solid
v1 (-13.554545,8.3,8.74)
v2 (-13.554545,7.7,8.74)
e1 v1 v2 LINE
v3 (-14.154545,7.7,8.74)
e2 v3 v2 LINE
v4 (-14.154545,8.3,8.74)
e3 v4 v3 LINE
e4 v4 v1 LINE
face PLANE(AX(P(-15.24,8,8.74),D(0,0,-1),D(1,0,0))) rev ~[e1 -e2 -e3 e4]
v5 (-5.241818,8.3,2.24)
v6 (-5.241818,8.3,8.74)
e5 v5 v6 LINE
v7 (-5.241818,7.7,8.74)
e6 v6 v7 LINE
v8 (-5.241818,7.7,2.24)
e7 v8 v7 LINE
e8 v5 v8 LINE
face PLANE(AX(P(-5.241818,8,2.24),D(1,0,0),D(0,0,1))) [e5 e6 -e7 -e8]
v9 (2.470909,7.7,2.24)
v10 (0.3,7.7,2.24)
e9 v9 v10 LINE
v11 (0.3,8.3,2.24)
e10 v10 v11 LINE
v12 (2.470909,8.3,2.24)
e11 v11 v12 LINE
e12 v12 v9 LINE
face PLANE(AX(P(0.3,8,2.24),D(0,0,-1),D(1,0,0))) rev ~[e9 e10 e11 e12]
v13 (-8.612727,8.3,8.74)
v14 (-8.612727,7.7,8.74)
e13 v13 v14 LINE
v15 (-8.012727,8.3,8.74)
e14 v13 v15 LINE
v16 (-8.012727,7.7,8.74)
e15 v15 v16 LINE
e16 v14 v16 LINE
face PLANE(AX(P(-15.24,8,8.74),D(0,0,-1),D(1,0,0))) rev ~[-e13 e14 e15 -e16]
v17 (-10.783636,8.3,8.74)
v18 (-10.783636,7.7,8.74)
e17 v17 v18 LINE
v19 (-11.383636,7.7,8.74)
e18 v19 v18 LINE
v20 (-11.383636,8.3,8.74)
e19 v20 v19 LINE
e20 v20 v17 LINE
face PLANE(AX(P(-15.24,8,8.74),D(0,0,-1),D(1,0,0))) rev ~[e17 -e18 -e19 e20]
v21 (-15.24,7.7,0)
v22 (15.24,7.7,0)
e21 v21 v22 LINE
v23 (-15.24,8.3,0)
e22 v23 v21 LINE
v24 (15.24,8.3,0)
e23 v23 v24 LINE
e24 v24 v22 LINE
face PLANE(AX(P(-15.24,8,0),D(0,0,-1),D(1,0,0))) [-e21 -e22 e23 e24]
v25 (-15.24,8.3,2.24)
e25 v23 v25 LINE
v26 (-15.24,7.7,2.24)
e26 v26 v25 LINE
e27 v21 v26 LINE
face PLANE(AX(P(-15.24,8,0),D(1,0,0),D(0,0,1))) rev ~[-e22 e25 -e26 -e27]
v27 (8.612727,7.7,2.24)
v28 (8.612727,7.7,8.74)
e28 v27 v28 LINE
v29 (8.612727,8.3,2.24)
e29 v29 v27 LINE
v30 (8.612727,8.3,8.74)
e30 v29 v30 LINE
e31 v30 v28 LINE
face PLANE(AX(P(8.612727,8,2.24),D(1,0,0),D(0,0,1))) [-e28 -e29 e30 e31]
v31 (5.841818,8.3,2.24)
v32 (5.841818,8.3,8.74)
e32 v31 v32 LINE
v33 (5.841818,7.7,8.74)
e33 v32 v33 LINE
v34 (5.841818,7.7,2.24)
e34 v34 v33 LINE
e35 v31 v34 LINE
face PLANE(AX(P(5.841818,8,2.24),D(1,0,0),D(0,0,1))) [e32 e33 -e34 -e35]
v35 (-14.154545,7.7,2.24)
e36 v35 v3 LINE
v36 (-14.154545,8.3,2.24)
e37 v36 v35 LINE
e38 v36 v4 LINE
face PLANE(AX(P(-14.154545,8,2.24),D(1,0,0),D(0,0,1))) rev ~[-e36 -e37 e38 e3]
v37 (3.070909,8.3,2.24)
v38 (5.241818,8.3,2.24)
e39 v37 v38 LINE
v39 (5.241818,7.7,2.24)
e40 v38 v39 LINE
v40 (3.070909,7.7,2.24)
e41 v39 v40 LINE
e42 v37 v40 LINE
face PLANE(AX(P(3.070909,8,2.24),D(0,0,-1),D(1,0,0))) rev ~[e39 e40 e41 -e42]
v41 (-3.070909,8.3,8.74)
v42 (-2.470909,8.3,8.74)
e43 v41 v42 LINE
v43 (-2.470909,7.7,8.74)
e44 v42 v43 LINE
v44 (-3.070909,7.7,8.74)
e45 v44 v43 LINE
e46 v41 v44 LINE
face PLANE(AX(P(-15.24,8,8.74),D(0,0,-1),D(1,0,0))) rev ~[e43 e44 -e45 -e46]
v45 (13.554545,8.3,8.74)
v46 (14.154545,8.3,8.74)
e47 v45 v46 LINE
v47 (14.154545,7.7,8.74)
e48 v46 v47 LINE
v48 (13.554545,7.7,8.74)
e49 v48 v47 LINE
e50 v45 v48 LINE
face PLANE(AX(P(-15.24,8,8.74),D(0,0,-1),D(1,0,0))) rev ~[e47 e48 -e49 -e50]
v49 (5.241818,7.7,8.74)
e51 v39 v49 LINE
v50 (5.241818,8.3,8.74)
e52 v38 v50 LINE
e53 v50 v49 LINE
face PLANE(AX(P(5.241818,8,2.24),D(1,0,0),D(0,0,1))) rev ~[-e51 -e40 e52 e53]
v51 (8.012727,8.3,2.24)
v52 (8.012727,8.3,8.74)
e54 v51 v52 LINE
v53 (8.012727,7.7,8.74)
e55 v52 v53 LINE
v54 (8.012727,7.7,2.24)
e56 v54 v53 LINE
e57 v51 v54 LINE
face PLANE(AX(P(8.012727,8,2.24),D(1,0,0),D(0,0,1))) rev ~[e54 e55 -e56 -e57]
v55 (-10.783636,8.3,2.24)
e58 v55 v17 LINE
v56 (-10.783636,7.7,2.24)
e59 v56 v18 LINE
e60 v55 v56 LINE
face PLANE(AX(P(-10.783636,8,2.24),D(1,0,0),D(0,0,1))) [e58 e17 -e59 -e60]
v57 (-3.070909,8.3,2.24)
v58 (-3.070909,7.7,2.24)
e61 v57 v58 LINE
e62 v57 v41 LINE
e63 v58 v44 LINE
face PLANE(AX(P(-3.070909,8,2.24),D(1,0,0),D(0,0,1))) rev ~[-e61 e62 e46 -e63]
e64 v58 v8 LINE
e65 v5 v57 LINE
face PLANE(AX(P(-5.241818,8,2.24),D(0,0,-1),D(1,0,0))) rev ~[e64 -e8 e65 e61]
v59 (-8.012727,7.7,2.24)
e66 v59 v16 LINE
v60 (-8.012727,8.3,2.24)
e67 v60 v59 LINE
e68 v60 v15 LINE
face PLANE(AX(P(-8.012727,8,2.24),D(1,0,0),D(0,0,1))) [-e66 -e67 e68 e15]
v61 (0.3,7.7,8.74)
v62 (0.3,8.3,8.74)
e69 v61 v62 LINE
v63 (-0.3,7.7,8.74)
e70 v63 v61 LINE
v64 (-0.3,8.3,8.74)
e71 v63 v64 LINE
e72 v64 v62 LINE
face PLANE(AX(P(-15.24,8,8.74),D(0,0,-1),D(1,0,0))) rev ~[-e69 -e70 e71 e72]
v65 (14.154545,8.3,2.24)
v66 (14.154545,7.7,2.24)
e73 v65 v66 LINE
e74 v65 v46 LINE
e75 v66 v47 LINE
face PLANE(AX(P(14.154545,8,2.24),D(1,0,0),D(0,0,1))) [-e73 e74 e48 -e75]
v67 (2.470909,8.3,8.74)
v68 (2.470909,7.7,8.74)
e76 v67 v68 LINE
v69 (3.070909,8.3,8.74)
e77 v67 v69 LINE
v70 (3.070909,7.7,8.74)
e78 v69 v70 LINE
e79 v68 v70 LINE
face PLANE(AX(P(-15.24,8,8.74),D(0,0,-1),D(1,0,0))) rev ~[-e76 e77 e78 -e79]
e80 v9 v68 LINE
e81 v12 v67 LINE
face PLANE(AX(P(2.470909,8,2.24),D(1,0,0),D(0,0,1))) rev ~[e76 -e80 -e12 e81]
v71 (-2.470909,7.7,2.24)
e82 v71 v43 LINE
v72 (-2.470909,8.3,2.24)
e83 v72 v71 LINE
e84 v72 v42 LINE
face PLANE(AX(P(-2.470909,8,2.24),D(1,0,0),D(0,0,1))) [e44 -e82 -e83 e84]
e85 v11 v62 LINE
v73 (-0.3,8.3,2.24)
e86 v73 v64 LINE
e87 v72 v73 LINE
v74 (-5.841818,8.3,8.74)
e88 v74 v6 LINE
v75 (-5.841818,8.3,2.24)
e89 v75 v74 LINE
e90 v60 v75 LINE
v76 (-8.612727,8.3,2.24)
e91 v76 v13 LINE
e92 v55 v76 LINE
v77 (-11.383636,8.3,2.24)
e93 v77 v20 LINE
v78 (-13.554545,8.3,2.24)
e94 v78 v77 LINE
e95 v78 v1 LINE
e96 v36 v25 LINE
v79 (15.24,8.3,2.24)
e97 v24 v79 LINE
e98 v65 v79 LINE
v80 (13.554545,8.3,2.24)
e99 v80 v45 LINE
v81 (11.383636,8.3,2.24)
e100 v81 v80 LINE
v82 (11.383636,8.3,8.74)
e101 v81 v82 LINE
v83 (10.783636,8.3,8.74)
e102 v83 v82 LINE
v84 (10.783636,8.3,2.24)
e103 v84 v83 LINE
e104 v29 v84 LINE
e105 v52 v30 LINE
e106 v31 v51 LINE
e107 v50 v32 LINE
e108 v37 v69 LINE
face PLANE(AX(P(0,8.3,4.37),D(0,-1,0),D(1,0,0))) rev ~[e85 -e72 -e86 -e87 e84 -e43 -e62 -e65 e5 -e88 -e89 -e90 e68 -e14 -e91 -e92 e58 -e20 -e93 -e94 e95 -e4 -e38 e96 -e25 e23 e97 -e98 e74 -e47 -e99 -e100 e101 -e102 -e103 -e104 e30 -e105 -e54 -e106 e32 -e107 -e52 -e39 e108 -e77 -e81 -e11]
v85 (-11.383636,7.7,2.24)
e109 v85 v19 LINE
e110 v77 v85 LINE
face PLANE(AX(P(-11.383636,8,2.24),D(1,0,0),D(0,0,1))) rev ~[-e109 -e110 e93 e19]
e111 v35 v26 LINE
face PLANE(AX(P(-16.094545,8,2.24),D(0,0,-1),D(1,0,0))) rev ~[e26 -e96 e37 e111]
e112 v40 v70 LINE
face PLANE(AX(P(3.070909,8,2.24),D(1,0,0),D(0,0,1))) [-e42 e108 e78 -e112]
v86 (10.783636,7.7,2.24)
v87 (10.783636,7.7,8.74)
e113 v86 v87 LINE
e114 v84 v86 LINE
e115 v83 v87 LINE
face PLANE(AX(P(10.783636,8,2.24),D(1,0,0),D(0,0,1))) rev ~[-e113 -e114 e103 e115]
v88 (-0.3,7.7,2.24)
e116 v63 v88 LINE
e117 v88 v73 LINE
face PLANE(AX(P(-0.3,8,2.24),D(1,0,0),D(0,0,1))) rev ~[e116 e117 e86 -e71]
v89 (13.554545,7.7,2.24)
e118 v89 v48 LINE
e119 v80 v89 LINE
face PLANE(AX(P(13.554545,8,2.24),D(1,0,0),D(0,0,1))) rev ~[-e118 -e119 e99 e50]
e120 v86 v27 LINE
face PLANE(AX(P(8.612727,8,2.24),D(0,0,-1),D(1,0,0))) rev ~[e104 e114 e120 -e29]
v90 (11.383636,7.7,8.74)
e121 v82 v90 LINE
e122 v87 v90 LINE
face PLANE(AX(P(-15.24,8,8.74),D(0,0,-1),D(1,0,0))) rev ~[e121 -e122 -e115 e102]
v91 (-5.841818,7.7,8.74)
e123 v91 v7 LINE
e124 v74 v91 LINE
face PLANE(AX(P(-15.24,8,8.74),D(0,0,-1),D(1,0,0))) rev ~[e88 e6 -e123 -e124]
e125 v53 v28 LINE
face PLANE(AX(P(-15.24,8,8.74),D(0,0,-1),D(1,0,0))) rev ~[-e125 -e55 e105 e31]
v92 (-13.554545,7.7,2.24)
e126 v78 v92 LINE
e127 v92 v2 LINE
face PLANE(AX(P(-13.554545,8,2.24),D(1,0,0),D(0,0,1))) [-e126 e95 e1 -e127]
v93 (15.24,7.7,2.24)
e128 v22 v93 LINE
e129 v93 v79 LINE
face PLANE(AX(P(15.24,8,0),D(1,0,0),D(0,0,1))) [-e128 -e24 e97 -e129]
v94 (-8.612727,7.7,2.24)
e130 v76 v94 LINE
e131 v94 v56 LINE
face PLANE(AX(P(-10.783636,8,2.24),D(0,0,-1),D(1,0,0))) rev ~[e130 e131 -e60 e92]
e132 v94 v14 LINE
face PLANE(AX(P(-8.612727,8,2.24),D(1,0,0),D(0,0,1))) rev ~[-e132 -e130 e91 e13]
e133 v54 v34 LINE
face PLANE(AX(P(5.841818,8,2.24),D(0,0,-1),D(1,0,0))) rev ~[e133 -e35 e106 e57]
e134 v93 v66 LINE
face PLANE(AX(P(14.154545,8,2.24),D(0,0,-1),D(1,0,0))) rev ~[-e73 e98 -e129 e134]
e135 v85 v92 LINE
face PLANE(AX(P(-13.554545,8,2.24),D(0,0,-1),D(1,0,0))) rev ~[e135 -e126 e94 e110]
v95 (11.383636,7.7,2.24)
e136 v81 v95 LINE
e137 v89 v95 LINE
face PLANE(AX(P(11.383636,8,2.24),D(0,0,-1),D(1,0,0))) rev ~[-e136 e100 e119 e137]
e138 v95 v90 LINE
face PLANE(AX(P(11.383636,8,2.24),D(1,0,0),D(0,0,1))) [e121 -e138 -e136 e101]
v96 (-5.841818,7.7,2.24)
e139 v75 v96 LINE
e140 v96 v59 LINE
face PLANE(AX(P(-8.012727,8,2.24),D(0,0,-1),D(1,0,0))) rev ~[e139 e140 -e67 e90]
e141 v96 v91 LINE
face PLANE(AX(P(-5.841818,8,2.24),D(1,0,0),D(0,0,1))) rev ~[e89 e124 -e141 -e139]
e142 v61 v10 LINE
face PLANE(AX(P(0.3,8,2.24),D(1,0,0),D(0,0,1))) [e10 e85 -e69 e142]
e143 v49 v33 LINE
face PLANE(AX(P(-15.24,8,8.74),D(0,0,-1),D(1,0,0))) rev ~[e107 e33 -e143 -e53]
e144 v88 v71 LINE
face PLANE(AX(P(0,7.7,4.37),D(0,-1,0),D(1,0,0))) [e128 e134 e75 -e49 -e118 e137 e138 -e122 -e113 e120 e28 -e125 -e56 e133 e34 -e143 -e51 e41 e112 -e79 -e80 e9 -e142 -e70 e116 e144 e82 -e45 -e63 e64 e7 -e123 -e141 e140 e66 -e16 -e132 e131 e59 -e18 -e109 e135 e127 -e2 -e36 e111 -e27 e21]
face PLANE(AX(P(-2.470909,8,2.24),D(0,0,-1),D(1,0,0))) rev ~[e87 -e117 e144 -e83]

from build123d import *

# Parameters (mm, degrees)
SKETCH006_W            = 30.48
SKETCH006_H            = 8.74
PAD014_DEPTH           = 0.3
SKETCH007_W            = 1.94
SKETCH007_H            = 12.4
POCKET002_DEPTH        = 0.301
POCKET002_DEPTH_BACK   = 0.301
LINEARPATTERN002_COUNT = 12
LINEARPATTERN002_PITCH = 2.770909
LINEARPATTERN003_COUNT = 12
LINEARPATTERN003_PITCH = 2.770909


with BuildPart() as part:
    # Sketch006 → Pad014 (new body, symmetric)
    with BuildSketch(Plane.XZ):
        with Locations((0, 4.37)):
            Rectangle(SKETCH006_W, SKETCH006_H)
    extrude(amount=PAD014_DEPTH, both=True)

    # Sketch007 → Pocket002 (cut, two sides)
    with BuildSketch(Plane.XZ) as pocket002_sk:
        with Locations((-1.27, 8.44)):
            Rectangle(SKETCH007_W, SKETCH007_H)
        with Locations((1.27, 8.44)):
            Rectangle(SKETCH007_W, SKETCH007_H)
    pocket002 = extrude(amount=-POCKET002_DEPTH, mode=Mode.SUBTRACT) + extrude(pocket002_sk.sketch, amount=POCKET002_DEPTH_BACK, mode=Mode.SUBTRACT)

    # LinearPattern002: Pocket002 ×12
    with Locations(*[(i * LINEARPATTERN002_PITCH, 0, 0) for i in range(1, LINEARPATTERN002_COUNT)]):
        add(pocket002, mode=Mode.SUBTRACT)

    # LinearPattern003: Pocket002 ×12
    with Locations(*[(-i * LINEARPATTERN003_PITCH, 0, 0) for i in range(1, LINEARPATTERN003_COUNT)]):
        add(pocket002, mode=Mode.SUBTRACT)


with BuildPart() as part_1:
    # Body022 placement: moved
    add(part.part.moved(Location((0, -8, 0))))


with BuildPart() as part_2:
    # Body025 placement: moved
    add(part_1.part.moved(Location((0, 16, 0))))


solid = part_2.part
